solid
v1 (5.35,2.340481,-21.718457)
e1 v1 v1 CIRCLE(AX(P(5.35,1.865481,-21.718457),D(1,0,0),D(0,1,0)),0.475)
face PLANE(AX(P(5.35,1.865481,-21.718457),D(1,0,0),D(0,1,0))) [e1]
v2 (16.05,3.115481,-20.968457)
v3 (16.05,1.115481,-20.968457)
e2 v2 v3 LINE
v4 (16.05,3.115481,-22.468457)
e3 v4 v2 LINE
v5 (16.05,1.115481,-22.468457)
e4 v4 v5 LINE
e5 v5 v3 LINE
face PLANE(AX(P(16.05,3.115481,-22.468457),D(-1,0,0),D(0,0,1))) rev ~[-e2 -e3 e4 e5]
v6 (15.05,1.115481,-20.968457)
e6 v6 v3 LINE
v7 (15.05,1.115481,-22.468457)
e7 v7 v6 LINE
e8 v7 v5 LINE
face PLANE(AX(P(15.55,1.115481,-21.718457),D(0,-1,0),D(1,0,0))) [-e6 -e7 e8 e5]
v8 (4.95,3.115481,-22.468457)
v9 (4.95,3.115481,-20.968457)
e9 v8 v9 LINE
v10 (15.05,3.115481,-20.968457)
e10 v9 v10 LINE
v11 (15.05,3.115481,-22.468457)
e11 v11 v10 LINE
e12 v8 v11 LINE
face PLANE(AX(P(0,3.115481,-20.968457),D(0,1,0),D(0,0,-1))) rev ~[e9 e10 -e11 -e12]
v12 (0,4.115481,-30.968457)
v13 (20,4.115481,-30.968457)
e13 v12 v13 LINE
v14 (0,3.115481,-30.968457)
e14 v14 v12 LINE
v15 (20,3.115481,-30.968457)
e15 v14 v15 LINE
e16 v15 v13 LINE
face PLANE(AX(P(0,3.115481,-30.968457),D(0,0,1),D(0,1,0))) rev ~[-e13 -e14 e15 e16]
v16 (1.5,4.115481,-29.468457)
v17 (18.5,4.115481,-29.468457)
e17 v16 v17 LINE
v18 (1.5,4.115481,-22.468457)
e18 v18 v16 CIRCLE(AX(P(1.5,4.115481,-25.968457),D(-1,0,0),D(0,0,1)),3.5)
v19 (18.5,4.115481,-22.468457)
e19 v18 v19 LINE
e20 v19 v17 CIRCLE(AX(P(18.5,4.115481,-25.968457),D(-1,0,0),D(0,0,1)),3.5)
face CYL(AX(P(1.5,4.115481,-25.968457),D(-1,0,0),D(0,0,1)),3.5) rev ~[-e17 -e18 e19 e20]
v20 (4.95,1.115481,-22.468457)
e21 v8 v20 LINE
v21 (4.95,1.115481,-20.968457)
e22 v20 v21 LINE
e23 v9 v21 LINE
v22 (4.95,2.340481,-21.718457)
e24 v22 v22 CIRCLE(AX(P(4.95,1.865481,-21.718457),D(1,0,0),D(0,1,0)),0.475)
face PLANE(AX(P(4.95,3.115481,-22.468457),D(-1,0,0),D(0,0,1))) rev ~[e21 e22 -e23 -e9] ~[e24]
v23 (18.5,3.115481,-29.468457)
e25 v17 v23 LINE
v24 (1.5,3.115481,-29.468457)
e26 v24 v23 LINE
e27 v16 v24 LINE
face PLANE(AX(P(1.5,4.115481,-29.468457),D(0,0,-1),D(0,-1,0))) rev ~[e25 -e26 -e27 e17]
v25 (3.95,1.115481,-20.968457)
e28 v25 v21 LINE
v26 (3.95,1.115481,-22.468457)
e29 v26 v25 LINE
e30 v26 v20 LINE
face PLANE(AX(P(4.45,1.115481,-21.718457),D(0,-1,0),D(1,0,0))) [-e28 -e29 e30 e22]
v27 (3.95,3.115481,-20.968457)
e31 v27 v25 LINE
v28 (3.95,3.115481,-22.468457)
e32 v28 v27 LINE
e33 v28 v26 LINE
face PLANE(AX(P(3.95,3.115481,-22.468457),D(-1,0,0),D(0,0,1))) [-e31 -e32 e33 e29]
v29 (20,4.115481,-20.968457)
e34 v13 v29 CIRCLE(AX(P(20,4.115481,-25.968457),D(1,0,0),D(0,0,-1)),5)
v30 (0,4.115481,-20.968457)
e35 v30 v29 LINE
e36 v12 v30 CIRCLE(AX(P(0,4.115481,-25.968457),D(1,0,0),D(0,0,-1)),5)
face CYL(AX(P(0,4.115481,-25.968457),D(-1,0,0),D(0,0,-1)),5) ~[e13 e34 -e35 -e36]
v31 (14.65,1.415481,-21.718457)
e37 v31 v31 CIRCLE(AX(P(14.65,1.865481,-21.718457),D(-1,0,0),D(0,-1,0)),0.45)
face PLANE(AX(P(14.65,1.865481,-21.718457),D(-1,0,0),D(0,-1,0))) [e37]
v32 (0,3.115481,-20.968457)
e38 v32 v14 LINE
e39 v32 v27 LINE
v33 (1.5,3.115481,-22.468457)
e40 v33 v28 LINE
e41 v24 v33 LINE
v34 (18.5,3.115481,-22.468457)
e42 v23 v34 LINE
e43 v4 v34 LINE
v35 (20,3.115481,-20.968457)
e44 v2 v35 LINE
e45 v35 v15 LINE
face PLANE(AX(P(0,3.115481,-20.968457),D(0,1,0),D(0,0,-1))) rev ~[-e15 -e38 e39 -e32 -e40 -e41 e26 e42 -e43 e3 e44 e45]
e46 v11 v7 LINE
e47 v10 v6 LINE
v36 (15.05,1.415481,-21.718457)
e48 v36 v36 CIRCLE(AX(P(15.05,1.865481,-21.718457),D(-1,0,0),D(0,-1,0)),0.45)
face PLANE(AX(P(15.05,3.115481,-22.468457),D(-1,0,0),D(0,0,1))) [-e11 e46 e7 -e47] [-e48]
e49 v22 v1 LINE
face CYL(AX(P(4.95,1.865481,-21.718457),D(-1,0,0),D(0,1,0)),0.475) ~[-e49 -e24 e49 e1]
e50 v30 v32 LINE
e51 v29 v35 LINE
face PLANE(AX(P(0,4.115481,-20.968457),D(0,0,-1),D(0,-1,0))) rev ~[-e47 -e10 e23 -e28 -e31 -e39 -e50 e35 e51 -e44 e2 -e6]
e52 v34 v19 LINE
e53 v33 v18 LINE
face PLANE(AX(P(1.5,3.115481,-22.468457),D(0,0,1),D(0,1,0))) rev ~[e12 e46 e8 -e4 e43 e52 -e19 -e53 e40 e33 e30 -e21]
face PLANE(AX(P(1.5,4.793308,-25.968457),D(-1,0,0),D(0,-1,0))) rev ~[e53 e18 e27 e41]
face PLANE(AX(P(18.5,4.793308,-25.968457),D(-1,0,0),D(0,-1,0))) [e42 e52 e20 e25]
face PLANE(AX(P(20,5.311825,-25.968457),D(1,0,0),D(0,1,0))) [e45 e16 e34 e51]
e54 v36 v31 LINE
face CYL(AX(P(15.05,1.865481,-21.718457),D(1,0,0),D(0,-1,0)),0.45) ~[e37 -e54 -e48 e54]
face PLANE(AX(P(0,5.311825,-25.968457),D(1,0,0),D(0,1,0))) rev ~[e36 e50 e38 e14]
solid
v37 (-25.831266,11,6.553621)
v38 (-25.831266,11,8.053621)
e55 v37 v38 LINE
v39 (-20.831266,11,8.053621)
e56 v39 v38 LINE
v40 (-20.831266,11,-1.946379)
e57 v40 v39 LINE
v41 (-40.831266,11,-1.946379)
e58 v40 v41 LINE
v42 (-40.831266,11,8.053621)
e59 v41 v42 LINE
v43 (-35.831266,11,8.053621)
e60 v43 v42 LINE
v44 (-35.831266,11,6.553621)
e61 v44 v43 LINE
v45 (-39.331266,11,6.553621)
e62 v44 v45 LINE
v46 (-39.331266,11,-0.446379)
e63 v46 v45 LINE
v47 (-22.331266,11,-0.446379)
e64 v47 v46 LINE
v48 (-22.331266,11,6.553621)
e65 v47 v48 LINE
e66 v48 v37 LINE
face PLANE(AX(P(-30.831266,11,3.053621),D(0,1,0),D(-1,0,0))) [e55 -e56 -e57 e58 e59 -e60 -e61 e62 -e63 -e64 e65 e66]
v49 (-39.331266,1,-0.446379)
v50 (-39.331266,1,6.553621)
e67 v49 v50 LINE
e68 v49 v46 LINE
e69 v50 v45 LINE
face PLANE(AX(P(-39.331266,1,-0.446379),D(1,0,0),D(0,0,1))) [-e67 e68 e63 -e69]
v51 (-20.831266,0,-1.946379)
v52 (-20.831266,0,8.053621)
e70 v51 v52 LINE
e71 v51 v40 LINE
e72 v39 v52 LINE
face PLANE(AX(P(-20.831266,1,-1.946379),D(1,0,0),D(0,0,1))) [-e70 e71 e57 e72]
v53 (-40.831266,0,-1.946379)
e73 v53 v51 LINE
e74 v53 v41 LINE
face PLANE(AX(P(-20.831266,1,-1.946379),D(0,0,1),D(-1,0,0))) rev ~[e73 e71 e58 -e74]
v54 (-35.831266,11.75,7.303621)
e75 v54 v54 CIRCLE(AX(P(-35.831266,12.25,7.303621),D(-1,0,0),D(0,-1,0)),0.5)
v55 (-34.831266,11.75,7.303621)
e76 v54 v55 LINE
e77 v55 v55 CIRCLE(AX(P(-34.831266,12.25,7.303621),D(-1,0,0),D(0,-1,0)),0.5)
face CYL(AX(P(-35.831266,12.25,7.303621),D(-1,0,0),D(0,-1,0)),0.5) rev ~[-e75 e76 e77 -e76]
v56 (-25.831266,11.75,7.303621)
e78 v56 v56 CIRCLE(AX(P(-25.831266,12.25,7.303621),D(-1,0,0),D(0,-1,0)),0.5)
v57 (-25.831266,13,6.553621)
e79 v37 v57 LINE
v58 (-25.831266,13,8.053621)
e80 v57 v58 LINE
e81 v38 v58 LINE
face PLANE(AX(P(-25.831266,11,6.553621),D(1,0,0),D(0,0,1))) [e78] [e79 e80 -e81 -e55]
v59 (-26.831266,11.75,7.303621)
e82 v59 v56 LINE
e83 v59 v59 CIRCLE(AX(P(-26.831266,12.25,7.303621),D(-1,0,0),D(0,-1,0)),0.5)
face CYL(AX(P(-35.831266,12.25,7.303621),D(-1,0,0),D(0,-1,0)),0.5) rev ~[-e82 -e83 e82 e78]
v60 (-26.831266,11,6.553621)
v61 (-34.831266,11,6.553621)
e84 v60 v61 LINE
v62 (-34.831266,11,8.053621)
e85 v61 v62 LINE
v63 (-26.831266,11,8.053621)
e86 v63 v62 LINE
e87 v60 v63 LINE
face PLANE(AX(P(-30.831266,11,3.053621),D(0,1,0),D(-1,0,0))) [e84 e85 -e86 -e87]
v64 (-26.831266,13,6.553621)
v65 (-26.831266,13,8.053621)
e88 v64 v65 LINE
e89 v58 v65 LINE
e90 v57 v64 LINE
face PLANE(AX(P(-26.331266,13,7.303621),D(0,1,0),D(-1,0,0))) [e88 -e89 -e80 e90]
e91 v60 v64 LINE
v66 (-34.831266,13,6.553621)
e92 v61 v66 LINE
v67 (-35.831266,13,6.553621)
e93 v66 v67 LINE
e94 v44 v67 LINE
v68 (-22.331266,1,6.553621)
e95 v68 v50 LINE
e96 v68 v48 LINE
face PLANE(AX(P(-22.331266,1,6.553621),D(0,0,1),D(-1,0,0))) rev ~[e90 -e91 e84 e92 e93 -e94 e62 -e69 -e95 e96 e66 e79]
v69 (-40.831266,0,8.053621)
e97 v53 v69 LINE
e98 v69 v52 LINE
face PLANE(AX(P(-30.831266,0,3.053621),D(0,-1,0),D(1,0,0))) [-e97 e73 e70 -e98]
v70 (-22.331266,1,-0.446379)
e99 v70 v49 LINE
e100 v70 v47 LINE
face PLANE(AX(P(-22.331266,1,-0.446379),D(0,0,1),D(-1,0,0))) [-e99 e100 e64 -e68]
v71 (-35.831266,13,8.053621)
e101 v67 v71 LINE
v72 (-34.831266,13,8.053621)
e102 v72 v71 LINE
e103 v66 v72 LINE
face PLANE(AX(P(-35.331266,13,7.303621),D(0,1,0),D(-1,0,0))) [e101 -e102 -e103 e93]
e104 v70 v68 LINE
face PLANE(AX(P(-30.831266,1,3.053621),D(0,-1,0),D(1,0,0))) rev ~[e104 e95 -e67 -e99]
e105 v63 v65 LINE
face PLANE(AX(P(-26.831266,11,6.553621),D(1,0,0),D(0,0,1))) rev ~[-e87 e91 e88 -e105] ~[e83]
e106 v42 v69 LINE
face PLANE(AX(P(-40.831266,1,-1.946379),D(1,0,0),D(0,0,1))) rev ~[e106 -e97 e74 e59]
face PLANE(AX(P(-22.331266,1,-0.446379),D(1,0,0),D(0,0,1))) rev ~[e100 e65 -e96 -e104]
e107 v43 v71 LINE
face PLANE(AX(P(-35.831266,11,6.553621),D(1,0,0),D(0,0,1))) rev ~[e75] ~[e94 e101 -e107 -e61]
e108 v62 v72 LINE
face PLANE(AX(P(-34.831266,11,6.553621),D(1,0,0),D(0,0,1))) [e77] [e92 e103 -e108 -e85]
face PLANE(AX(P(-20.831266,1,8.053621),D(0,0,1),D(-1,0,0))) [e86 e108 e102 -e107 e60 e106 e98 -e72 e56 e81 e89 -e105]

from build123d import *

# Parameters (mm, degrees)
F0_W      = 20
F0_H      = 10
F1_DEPTH  = 1
F2_W      = 20
F2_H      = 10
F2_W_2    = 17
F2_H_2    = 7
F3_DEPTH  = 10
F4_W      = 1
F4_H      = 1.5
F5_DEPTH  = 2
F6_R      = 0.5
F7_DEPTH  = 25
F9_DEPTH  = 20
F12_DEPTH = 17
F13_W     = 1
F13_H     = 1.5
F14_DEPTH = 2
F15_R     = 0.45
F16_DEPTH = 0.4
F17_R     = 0.475
F18_DEPTH = 0.4


with BuildPart() as f1:
    # F0 (on Front) → F1 (new body)
    with BuildSketch(Plane.XZ):
        with Locations((-30.8312657289, 3.0536208428)):
            Rectangle(F0_W, F0_H)
    extrude(amount=-F1_DEPTH)

    # F2 (on face) → F3 (join)
    with BuildSketch(Plane(origin=(0, 1, 0), x_dir=(-1, 0, 0), z_dir=(0, 1, 0))):
        with Locations((30.8312657289, 3.0536208428)):
            Rectangle(F2_W, F2_H)
        with Locations((30.8312657289, 3.0536208428)):
            Rectangle(F2_W_2, F2_H_2, mode=Mode.SUBTRACT)
    extrude(amount=F3_DEPTH)

    # F4 (on face) → F5 (join)
    with BuildSketch(Plane(origin=(0, 11, 0), x_dir=(-1, 0, 0), z_dir=(0, 1, 0))):
        with Locations((26.3312657289, 7.3036208428)):
            Rectangle(F4_W, F4_H)
        with Locations((35.3312657289, 7.3036208428)):
            Rectangle(F4_W, F4_H)
    extrude(amount=F5_DEPTH)

    # F6 (on face) → F7 (cut)
    with BuildSketch(Plane(origin=(-35.8312657289, 0, 0), x_dir=(0, -1, 0), z_dir=(-1, 0, 0))):
        with Locations((-12.25, 7.3036208428)):
            Circle(F6_R)
    extrude(amount=-F7_DEPTH, mode=Mode.SUBTRACT)


with BuildPart() as f9:
    # F8 (on Right) → F9 (new body)
    with BuildSketch(Plane.YZ):
        with BuildLine():
            Line((3.1154813953, -30.9684574604), (4.1154813953, -30.9684574604))
            ThreePointArc((4.1154813953, -30.9684574604), (9.1154813953, -25.9684574604), (4.1154813953, -20.9684574604))
            Line((4.1154813953, -20.9684574604), (3.1154813953, -20.9684574604))
            Line((3.1154813953, -20.9684574604), (3.1154813953, -30.9684574604))
        make_face()
    extrude(amount=F9_DEPTH)

    # F11 (on offset) → F12 (cut)
    with BuildSketch(Plane(origin=(1.5, 0, 0), x_dir=(0, -1, 0), z_dir=(-1, 0, 0))):
        with BuildLine():
            Line((-3.1154813953, -29.4684574604), (-3.1154813953, -22.4684574604))
            Line((-3.1154813953, -22.4684574604), (-4.1154813953, -22.4684574604))
            ThreePointArc((-4.1154813953, -22.4684574604), (-7.6154813953, -25.9684574604), (-4.1154813953, -29.4684574604))
            Line((-4.1154813953, -29.4684574604), (-3.1154813953, -29.4684574604))
        make_face()
    extrude(amount=-F12_DEPTH, mode=Mode.SUBTRACT)

    # F13 (on face) → F14 (join)
    with BuildSketch(Plane.XZ.offset(-3.1154813953)):
        with Locations((4.45, -21.7184574604)):
            Rectangle(F13_W, F13_H)
        with Locations((15.55, -21.7184574604)):
            Rectangle(F13_W, F13_H)
    extrude(amount=F14_DEPTH)

    # F15 (on face) → F16 (join)
    with BuildSketch(Plane(origin=(15.05, 0, 0), x_dir=(0, -1, 0), z_dir=(-1, 0, 0))):
        with Locations((-1.8654813953, -21.7184574604)):
            Circle(F15_R)
    extrude(amount=F16_DEPTH)

    # F17 (on face) → F18 (join)
    with BuildSketch(Plane.YZ.offset(4.95)):
        with Locations((1.8654813953, -21.7184574604)):
            Circle(F17_R)
    extrude(amount=F18_DEPTH)


solid = Compound([f1.part, f9.part])
